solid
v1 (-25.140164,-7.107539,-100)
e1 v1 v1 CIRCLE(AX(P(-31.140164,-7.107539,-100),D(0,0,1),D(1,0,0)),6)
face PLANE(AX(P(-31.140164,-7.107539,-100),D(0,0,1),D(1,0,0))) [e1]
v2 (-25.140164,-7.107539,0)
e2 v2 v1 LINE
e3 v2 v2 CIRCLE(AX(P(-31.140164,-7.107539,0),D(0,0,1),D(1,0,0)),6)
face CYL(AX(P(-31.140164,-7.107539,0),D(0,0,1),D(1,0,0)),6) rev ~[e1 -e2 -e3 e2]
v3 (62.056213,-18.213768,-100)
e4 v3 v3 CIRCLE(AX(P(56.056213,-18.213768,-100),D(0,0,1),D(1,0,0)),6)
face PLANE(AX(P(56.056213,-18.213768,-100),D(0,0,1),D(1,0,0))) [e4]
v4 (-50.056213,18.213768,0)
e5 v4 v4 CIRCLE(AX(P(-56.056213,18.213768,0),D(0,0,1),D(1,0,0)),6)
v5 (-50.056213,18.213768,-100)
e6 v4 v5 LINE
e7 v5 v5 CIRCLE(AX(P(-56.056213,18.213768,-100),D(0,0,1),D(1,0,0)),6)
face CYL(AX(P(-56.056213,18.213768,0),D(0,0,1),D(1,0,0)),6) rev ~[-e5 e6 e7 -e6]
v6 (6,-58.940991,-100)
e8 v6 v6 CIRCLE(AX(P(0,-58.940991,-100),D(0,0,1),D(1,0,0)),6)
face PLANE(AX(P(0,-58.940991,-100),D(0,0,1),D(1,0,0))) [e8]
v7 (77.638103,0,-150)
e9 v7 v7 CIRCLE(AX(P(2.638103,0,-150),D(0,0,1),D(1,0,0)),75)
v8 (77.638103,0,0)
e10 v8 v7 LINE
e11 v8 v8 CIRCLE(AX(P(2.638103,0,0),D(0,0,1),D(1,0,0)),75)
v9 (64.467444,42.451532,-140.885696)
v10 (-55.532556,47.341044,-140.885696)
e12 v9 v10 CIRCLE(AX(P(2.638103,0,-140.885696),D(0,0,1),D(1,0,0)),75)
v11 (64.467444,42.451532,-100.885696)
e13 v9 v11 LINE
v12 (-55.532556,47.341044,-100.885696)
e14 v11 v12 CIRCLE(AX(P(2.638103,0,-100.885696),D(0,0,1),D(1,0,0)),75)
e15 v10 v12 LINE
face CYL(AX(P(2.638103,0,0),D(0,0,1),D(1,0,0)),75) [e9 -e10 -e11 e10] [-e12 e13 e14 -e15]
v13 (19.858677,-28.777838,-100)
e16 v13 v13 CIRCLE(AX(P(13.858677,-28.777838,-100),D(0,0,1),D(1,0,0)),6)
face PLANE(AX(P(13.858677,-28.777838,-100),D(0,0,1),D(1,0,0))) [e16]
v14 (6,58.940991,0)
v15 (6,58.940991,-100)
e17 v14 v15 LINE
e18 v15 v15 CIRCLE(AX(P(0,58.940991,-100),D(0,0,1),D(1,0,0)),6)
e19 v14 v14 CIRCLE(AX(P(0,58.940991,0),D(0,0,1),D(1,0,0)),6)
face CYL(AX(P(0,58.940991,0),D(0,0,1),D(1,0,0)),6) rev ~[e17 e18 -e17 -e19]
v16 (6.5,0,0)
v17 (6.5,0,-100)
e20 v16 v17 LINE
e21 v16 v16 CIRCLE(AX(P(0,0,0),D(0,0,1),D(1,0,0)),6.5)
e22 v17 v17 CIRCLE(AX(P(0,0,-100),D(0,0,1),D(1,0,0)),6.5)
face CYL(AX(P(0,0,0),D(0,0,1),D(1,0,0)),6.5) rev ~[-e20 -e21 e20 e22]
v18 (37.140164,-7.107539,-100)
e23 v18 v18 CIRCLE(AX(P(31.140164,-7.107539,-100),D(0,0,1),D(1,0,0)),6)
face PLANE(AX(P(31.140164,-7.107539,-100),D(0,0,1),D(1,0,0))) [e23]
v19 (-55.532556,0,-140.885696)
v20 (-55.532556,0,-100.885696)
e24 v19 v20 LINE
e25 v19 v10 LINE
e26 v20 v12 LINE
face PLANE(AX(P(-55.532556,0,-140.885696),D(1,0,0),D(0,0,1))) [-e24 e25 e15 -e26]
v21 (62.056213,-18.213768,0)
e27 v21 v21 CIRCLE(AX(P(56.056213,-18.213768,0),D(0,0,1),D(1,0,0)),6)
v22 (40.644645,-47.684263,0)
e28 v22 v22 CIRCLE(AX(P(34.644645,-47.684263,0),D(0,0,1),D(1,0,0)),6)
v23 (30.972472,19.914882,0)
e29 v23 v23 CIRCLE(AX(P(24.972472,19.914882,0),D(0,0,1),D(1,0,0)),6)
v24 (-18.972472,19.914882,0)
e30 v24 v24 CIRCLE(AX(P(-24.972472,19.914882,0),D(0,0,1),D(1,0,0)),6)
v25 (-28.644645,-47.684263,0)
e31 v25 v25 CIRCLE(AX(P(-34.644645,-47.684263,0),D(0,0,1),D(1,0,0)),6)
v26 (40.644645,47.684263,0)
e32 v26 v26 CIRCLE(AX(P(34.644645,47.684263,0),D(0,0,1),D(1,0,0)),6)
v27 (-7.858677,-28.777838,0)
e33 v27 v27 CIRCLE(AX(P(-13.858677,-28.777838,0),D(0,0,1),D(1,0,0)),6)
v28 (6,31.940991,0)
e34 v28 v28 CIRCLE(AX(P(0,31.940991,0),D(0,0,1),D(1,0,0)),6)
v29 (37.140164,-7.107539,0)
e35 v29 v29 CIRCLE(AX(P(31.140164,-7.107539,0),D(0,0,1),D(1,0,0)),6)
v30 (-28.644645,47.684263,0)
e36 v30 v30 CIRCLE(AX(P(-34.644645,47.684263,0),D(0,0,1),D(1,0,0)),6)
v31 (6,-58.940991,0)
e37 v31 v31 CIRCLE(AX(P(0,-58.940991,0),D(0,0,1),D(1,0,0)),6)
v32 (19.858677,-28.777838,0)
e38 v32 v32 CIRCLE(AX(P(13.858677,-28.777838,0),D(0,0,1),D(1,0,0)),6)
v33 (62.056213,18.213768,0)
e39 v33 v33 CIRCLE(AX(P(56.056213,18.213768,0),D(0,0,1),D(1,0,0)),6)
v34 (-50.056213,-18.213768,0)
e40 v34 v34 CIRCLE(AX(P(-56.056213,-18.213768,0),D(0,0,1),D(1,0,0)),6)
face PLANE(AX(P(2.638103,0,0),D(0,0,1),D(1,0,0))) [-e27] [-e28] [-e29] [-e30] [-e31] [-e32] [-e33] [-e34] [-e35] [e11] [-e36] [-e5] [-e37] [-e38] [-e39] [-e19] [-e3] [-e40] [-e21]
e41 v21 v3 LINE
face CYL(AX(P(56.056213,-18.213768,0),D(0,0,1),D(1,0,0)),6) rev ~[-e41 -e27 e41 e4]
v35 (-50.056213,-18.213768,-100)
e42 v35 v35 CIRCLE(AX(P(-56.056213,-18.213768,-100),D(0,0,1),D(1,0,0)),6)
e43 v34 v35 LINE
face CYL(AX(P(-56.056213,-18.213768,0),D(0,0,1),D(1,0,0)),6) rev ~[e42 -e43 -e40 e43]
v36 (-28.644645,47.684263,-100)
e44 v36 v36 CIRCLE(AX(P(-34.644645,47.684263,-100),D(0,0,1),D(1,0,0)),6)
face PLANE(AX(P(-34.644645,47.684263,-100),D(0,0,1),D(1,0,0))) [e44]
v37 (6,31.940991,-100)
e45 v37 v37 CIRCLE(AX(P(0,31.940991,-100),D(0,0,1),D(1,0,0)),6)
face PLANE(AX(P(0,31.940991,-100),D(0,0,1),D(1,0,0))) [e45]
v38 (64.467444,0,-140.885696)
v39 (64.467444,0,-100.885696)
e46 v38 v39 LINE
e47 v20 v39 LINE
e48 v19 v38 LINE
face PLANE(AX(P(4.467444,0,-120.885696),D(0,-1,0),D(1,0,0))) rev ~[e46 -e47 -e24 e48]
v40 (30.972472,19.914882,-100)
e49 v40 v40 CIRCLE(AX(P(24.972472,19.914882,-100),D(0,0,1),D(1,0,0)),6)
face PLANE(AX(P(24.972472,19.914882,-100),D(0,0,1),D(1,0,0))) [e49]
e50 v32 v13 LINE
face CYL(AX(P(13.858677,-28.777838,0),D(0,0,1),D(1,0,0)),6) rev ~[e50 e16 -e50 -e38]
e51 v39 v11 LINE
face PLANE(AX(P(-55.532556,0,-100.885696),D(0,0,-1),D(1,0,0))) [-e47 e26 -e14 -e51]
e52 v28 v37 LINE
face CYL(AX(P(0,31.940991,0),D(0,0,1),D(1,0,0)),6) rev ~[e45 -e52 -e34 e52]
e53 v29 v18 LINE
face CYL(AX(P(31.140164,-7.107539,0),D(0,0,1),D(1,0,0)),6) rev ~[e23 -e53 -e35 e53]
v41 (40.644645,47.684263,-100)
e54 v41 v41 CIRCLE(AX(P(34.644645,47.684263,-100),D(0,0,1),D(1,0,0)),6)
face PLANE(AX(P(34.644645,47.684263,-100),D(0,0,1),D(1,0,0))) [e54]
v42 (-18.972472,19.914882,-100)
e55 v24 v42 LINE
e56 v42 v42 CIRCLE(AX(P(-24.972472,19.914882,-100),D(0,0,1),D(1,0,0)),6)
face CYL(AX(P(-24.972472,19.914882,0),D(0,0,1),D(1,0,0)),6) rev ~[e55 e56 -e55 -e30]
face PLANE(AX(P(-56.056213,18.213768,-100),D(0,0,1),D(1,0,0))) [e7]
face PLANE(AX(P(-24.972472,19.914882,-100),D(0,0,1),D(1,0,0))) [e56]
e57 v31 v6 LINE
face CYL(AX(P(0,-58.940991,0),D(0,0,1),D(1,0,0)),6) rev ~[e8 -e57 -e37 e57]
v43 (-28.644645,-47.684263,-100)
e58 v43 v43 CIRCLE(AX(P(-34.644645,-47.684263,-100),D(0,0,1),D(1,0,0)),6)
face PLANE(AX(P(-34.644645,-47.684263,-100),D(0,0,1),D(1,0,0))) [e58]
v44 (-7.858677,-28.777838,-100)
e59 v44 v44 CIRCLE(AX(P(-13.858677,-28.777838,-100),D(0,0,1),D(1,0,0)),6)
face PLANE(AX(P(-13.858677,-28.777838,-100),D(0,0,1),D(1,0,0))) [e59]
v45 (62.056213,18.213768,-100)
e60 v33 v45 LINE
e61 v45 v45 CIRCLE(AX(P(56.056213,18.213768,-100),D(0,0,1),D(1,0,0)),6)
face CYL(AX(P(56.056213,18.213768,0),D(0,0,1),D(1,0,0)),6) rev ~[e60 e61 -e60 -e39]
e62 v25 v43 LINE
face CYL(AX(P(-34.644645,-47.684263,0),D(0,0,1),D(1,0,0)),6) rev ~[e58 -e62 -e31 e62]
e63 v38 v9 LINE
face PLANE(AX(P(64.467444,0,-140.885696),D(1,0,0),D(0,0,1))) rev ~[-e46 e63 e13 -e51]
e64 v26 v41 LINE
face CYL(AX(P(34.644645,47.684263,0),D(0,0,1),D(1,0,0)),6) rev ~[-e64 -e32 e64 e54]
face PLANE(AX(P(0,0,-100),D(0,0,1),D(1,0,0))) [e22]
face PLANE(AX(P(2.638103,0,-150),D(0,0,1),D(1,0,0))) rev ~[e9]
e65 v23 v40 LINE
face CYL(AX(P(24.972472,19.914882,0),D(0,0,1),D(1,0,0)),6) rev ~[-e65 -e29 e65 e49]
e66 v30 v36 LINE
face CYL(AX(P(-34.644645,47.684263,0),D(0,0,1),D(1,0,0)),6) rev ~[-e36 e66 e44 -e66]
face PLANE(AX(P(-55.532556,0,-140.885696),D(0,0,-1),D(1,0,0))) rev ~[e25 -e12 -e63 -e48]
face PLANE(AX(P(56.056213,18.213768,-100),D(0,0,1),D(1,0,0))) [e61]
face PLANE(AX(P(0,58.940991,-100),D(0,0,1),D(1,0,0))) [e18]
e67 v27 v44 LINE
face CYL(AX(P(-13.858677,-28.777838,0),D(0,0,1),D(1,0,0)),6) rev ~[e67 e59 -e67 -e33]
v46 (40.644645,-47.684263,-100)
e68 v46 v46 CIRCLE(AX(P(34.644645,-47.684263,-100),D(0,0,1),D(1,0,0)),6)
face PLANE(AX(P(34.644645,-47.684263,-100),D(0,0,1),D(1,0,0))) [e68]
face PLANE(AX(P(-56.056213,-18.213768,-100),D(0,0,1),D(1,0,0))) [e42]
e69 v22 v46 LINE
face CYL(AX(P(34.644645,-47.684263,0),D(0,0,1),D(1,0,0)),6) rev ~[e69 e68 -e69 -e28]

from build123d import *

# Parameters (mm, degrees)
F0_R     = 75
F2_DEPTH = 150
F1_R     = 6
F1_R_2   = 6.5
F3_DEPTH = 100
F4_W     = 120
F4_H     = 40
F5_DEPTH = 90


with BuildPart() as f2:
    # F0 (on Top) → F2 (new body)
    with BuildSketch(Plane.XY):
        with Locations((2.638103, 0)):
            Circle(F0_R)
    extrude(amount=-F2_DEPTH)

    # F1 (on face) → F3 (cut)
    with BuildSketch(Plane.XY):
        with Locations((0, 58.940991)):
            Circle(F1_R)
        with Locations((-34.644645, 47.684263)):
            Circle(F1_R)
        with Locations((-56.056213, 18.213768)):
            Circle(F1_R)
        with Locations((-56.056213, -18.213768)):
            Circle(F1_R)
        with Locations((-34.644645, -47.684263)):
            Circle(F1_R)
        with Locations((0, -58.940991)):
            Circle(F1_R)
        with Locations((34.644645, -47.684263)):
            Circle(F1_R)
        with Locations((56.056213, -18.213768)):
            Circle(F1_R)
        with Locations((56.056213, 18.213768)):
            Circle(F1_R)
        with Locations((34.644645, 47.684263)):
            Circle(F1_R)
        with Locations((0, 31.940991)):
            Circle(F1_R)
        with Locations((-24.972472, 19.914882)):
            Circle(F1_R)
        with Locations((-31.140164, -7.107539)):
            Circle(F1_R)
        with Locations((-13.858677, -28.777838)):
            Circle(F1_R)
        with Locations((13.858677, -28.777838)):
            Circle(F1_R)
        with Locations((31.140164, -7.107539)):
            Circle(F1_R)
        with Locations((24.972472, 19.914882)):
            Circle(F1_R)
        Circle(F1_R_2)
    extrude(amount=-F3_DEPTH, mode=Mode.SUBTRACT)

    # F4 (on Front) → F5 (cut)
    with BuildSketch(Plane.XZ):
        with Locations((4.467444, -120.885696)):
            Rectangle(F4_W, F4_H)
    extrude(amount=-F5_DEPTH, mode=Mode.SUBTRACT)


solid = f2.part
